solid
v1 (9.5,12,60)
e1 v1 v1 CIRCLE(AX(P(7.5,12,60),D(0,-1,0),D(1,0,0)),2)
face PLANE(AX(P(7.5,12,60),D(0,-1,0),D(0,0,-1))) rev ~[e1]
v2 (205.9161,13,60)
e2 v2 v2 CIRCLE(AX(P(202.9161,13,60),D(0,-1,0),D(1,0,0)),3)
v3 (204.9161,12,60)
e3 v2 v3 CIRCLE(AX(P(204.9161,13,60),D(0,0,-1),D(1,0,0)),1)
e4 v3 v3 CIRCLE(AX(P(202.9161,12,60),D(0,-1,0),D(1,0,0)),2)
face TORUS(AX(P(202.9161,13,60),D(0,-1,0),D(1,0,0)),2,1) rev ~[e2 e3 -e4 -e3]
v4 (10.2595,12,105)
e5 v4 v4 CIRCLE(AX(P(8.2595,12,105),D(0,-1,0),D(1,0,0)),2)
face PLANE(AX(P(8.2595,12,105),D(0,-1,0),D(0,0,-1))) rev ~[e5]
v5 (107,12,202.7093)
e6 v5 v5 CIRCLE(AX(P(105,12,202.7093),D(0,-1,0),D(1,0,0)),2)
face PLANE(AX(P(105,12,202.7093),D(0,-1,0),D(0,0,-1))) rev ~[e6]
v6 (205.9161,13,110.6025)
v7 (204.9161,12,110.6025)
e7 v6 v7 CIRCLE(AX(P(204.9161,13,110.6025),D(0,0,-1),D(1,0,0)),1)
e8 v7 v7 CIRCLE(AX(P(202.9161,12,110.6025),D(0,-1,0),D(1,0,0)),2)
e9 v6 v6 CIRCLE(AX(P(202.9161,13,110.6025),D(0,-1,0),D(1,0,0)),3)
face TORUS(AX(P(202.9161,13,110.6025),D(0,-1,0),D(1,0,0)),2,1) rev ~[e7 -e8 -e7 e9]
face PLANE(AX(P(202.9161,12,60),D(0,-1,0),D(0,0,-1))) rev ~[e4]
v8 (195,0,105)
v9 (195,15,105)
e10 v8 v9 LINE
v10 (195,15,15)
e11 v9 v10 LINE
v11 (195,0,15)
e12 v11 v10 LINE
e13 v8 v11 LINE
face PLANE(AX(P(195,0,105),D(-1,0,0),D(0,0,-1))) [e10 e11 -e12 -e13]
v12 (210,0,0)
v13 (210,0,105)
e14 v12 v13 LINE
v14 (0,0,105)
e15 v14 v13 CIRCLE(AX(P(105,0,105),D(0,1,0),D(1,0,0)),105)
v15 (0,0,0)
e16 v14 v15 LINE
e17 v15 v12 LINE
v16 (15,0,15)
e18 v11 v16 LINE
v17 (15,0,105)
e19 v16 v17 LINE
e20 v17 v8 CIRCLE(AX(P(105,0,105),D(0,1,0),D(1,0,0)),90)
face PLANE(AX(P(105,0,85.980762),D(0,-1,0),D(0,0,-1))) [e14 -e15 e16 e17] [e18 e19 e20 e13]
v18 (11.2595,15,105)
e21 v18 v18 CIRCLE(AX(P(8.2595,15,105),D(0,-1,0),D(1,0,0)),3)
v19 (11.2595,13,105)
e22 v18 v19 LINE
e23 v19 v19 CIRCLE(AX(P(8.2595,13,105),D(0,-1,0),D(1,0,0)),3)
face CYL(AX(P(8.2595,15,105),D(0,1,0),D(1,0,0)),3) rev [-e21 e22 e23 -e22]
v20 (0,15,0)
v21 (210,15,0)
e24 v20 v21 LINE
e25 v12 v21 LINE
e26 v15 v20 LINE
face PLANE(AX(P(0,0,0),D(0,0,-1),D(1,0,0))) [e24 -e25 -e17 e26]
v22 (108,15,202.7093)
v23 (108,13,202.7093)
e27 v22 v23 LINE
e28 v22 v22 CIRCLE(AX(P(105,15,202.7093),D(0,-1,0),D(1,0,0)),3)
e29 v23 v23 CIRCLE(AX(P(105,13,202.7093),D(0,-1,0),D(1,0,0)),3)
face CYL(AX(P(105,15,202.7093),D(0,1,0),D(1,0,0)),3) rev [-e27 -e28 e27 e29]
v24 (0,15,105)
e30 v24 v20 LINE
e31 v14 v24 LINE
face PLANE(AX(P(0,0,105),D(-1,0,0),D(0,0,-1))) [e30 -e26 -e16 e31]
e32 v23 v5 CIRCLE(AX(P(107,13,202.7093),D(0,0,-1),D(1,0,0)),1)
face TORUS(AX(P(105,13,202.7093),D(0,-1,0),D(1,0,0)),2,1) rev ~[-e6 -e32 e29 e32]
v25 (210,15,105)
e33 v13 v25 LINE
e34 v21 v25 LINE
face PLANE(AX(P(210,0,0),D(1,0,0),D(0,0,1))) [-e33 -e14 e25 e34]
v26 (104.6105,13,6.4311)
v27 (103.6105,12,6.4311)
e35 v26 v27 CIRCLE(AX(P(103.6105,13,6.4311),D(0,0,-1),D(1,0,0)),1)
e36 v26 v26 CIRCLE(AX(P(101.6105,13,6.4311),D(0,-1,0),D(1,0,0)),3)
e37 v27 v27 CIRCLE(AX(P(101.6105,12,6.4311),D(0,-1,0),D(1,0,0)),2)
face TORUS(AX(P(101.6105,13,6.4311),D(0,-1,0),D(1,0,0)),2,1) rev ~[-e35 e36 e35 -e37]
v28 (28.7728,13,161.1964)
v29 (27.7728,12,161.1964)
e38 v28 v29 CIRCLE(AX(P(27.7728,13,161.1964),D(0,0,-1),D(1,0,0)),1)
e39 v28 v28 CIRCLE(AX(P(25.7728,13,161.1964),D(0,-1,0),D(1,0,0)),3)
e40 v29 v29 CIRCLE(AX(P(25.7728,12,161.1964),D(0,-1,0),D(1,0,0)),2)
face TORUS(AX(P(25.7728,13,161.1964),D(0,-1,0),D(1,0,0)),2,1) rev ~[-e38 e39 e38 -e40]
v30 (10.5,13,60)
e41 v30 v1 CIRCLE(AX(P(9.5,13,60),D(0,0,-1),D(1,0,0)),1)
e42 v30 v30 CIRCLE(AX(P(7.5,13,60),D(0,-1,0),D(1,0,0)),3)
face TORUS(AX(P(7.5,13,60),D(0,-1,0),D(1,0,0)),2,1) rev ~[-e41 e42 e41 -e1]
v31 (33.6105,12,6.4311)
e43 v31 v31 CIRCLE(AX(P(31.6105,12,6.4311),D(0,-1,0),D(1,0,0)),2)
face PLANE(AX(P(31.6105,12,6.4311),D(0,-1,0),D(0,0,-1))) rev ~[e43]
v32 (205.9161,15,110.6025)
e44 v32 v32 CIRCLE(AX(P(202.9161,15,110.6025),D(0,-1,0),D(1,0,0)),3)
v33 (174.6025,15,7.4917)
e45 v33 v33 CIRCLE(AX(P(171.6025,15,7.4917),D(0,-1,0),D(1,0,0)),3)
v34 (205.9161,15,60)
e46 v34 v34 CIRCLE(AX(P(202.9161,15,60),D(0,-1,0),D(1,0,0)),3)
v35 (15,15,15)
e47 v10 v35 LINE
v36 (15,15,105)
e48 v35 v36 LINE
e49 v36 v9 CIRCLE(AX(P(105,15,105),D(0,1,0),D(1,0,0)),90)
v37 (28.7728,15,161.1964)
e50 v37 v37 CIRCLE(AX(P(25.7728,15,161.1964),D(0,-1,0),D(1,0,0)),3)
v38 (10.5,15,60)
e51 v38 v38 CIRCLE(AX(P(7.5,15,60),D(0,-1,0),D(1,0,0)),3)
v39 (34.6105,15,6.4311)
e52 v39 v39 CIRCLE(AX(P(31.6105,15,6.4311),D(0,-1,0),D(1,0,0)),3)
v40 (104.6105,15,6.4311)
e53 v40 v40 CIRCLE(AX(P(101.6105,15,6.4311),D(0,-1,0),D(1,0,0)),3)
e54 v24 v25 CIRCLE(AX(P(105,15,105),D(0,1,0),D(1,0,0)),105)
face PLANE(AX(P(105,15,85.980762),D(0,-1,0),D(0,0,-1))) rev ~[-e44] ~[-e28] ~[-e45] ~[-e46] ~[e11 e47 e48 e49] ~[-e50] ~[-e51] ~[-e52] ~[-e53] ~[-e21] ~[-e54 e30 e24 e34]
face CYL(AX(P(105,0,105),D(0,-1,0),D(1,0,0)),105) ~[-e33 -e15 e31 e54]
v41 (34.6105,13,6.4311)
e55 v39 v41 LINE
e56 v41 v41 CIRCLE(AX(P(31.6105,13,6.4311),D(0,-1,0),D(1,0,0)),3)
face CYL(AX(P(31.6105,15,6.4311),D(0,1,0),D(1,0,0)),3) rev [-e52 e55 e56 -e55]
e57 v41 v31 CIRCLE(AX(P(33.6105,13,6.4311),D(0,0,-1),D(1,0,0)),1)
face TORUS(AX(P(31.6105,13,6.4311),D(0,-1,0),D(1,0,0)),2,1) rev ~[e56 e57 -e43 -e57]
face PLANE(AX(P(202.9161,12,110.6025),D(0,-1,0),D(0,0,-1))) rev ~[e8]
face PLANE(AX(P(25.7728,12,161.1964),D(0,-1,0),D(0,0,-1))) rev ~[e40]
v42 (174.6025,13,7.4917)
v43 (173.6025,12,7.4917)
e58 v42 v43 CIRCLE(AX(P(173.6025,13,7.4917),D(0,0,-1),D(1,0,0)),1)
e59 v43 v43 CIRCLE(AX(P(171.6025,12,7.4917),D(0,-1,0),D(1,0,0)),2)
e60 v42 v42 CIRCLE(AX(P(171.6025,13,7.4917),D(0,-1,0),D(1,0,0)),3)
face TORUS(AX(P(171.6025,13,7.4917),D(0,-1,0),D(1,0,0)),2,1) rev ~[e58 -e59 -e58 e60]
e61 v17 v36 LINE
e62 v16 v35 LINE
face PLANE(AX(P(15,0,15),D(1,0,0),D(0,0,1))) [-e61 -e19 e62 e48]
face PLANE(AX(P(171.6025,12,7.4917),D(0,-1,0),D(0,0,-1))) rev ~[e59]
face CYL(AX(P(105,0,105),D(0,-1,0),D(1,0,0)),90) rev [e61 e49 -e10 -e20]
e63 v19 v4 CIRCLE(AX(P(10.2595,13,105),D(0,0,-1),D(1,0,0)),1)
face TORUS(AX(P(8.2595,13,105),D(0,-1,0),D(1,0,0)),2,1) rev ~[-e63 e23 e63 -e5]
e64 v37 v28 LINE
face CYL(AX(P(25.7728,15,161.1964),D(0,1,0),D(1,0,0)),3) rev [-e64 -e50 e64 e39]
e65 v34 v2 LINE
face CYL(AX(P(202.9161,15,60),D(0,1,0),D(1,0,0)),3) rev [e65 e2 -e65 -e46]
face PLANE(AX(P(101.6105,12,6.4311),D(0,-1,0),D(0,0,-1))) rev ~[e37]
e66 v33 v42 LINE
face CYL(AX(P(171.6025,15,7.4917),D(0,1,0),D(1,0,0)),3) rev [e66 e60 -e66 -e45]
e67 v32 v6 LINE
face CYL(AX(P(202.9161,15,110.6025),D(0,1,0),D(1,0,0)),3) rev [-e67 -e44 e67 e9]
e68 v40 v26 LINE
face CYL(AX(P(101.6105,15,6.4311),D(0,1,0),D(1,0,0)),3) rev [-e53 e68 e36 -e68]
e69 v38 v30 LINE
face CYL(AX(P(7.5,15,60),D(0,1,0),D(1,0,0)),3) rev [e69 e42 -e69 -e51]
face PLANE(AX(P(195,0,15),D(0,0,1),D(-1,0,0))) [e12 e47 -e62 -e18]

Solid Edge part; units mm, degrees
sketch "Sketch1" plane through (0, 0, 0) normal (0, -1, 0) x (1, 0, 0)
  line L0 (210, 0) -> (210, 105)
  line L1 (0, 0) -> (210, 0)
  line L2 (0, 105) -> (0, 0)
  arc A0 (0, 105) -> (210, 105) centre (105, 105) cw
extrude "Protrusion1" add sketch "Sketch1" against normal blind 15
sketch "Sketch2" plane through (0, 0, 0) normal (0, -1, 0) x (1, 0, 0)
  arc A0 (15, 105) -> (195, 105) centre (105, 105) cw
  line L0 (195, 105) -> (195, 15)
  line L1 (195, 15) -> (15, 15)
  line L2 (15, 15) -> (15, 105)
extrude "ExtrudedCutout_1" cut sketch "Sketch2" against normal blind 15
sketch "Sketch3" plane through (0, 15, 0) normal (0, -1, 0) x (1, 0, 0)
  circle A0 centre (105, 202.7093) radius 3
  circle A1 centre (25.7728, 161.1964) radius 3
  circle A2 centre (8.2595, 105) radius 3
  circle A3 centre (202.9161, 60) radius 3
  circle A4 centre (202.9161, 110.6025) radius 3
  circle A5 centre (171.6025, 7.4917) radius 3
  circle A6 centre (101.6105, 6.4311) radius 3
  circle A7 centre (31.6105, 6.4311) radius 3
  circle A8 centre (7.5, 60) radius 3
extrude "ExtrudedProtrusion_3" cut sketch "Sketch3" along normal blind 3
fillet "Round_4" radius 1 9 edges at (102, 12, 202.7093) (22.7728, 12, 161.1964) (5.2595, 12, 105) (4.5, 12, 60) (28.6105, 12, 6.4311) (98.6105, 12, 6.4311) (168.6025, 12, 7.4917) (199.9161, 12, 60) (199.9161, 12, 110.6025)
